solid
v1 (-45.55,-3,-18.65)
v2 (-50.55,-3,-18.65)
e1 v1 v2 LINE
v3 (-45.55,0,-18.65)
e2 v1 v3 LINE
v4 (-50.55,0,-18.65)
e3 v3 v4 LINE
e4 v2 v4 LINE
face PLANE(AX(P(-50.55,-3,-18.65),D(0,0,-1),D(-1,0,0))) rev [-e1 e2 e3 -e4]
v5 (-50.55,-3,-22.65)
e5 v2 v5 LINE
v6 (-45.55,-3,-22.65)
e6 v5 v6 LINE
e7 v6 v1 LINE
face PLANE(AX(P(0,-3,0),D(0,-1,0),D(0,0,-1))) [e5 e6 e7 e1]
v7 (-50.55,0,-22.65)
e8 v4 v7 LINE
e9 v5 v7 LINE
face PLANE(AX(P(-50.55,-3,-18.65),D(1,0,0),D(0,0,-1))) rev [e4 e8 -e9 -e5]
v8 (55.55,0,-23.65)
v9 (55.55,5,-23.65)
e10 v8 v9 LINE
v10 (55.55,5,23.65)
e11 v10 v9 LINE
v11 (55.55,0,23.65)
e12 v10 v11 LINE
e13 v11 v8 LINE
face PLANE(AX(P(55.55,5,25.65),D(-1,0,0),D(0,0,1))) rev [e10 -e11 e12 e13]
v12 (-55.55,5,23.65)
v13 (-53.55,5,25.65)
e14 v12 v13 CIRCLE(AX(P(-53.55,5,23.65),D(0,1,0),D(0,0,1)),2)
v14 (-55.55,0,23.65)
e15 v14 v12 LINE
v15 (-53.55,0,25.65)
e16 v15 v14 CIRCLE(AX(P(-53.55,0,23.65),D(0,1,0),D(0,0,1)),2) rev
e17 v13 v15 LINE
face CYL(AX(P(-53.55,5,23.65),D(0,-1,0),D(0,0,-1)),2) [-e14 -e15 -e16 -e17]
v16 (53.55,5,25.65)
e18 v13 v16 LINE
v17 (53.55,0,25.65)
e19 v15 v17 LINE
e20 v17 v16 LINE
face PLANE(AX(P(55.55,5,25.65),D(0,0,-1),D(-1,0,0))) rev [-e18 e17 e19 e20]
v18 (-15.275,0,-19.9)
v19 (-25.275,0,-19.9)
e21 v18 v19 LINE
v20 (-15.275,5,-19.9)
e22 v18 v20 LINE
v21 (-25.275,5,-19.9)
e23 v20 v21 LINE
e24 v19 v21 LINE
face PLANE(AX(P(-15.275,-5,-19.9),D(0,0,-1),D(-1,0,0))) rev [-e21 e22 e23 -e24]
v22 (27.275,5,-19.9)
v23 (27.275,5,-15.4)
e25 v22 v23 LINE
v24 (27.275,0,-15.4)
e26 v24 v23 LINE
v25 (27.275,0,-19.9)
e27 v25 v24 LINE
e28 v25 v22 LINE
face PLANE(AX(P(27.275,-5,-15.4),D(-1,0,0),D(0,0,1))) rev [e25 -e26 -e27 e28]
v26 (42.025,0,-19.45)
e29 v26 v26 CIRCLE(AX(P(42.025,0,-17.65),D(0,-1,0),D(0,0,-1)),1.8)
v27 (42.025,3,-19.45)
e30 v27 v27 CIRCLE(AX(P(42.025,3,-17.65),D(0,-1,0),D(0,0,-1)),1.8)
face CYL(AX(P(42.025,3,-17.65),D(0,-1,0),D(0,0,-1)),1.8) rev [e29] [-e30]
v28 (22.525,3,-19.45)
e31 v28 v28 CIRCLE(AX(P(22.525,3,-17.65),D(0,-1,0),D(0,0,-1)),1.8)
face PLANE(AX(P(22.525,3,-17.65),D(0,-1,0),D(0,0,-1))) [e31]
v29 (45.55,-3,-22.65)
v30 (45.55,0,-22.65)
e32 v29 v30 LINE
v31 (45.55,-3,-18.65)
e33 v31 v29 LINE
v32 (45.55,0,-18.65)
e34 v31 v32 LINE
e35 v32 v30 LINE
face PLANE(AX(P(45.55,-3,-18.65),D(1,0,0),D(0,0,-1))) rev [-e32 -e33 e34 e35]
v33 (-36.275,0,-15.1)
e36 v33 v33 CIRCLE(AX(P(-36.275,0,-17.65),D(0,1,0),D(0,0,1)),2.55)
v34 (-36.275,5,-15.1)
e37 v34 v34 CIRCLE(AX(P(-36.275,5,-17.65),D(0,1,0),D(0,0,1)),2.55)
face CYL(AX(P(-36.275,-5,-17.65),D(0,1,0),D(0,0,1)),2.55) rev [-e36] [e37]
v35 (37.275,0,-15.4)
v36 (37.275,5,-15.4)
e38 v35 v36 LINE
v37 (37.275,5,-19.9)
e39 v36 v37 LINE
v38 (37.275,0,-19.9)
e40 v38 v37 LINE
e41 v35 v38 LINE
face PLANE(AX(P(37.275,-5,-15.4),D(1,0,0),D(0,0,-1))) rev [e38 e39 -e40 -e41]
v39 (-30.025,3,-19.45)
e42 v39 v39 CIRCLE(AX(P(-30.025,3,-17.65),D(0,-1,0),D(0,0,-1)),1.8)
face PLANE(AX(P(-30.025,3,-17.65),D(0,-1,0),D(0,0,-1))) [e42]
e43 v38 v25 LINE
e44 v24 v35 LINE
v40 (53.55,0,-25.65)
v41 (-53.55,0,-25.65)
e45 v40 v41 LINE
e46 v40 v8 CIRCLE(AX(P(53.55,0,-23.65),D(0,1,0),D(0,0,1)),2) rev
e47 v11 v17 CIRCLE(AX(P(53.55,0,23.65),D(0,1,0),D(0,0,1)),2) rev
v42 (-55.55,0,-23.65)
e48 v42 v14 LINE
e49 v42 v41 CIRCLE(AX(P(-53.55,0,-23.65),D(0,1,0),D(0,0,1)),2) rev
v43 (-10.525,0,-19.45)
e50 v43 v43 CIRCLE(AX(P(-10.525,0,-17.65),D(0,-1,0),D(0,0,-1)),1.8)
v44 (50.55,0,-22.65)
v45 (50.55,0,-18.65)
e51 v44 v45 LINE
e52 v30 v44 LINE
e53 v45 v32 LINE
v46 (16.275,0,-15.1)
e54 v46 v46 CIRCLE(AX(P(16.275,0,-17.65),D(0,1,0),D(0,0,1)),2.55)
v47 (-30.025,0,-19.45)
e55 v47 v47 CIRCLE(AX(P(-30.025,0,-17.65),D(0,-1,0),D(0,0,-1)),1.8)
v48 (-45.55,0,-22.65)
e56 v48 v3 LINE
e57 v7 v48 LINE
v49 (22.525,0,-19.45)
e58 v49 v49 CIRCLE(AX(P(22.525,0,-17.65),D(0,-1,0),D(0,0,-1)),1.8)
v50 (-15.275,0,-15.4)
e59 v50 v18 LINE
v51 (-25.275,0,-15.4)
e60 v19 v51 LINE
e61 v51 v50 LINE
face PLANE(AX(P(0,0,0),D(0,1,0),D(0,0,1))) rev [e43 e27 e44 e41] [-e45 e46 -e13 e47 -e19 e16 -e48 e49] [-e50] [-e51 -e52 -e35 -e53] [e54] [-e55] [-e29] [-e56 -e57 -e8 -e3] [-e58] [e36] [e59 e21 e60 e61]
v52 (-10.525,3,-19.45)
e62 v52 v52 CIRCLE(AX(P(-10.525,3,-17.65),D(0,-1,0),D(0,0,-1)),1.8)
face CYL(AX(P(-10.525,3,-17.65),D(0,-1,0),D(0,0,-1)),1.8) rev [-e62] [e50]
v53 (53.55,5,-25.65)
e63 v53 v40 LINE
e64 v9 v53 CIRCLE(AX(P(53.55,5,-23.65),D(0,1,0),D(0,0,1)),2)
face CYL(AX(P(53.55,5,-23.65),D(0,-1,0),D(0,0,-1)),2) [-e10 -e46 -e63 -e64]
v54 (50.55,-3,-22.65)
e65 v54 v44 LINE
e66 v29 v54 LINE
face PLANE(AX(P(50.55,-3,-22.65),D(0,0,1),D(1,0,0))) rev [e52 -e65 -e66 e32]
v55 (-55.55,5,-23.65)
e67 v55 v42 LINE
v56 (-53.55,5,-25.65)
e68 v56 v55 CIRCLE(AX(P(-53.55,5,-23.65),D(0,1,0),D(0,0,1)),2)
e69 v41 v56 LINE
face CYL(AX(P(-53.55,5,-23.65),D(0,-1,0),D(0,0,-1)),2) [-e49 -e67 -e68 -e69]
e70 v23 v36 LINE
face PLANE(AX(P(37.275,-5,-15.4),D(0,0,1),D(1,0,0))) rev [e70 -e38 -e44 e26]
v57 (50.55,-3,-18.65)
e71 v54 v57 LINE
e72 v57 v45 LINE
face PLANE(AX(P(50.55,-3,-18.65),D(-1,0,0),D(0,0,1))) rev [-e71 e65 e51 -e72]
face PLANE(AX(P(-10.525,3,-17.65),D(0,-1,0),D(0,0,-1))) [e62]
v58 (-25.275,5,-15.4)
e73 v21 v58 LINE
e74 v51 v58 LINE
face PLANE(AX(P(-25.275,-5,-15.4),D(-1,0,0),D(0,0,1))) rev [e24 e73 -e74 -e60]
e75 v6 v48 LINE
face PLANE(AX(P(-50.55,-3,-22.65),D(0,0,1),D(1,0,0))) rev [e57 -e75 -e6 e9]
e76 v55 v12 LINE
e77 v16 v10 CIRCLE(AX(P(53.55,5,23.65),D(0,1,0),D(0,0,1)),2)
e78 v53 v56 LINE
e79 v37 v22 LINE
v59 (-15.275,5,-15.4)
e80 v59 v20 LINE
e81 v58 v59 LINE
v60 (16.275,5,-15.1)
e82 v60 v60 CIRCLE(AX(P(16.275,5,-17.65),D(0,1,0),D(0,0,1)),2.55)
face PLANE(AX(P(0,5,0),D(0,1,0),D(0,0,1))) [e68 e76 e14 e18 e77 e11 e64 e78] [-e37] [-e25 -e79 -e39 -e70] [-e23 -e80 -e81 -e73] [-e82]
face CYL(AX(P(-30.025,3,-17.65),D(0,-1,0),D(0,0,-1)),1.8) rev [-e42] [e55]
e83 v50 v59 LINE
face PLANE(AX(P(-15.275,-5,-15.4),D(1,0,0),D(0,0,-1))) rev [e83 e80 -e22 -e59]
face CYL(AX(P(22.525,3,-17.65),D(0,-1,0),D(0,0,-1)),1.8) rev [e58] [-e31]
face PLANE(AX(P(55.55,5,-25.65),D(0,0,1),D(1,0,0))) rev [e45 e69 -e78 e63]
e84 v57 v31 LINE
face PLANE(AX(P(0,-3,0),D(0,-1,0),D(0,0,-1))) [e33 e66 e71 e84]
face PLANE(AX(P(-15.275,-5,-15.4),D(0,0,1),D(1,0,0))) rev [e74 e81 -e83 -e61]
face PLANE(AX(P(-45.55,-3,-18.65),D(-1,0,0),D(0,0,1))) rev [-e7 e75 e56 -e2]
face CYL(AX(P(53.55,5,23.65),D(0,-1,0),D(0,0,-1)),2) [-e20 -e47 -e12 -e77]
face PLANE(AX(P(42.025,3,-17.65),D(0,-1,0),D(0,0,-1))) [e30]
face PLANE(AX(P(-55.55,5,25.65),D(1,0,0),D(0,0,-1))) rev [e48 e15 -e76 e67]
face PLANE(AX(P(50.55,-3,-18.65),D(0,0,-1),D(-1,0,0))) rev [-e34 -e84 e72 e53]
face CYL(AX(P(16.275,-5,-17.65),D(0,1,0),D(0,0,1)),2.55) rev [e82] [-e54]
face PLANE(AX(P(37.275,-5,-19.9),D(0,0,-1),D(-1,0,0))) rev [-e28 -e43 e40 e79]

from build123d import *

# Parameters (mm, degrees)
SKETCH1_W           = 111.1
SKETCH1_H           = 51.3
BOSS_EXTRUDE1_DEPTH = 5
SKETCH9_W           = 5
SKETCH9_H           = 4
BOSS_EXTRUDE5_DEPTH = 3
SKETCH10_R          = 2.55
SKETCH10_W          = 10
SKETCH10_H          = 4.5
CUT_EXTRUDE1_DEPTH  = 10
SKETCH11_R          = 1.8
CUT_EXTRUDE2_DEPTH  = 3
FILLET1_R           = 2


with BuildPart() as part:
    # Sketch1 → Boss-Extrude1 (new body)
    with BuildSketch(Plane(origin=(0, 0, 0), x_dir=(1, 0, 0), z_dir=(0, 1, 0))):
        Rectangle(SKETCH1_W, SKETCH1_H)
    extrude(amount=BOSS_EXTRUDE1_DEPTH)

    # Sketch9 → Boss-Extrude5 (add)
    with BuildSketch(Plane.XZ):
        with Locations((-48.05, -20.65)):
            Rectangle(SKETCH9_W, SKETCH9_H)
        with Locations((48.05, -20.65)):
            Rectangle(SKETCH9_W, SKETCH9_H)
    extrude(amount=BOSS_EXTRUDE5_DEPTH)

    # Sketch10 → Cut-Extrude1 (cut)
    with BuildSketch(Plane(origin=(0, 5, 0), x_dir=(1, 0, 0), z_dir=(0, 1, 0))):
        with Locations(Location((-36.275, 17.65, 0), (0, 0, 270))):
            Circle(SKETCH10_R)
        with Locations(Location((16.275, 17.65, 0), (0, 0, 270))):
            Circle(SKETCH10_R)
        with Locations((-20.275, 17.65)):
            Rectangle(SKETCH10_W, SKETCH10_H)
        with Locations((32.275, 17.65)):
            Rectangle(SKETCH10_W, SKETCH10_H)
    extrude(amount=-CUT_EXTRUDE1_DEPTH, mode=Mode.SUBTRACT)

    # Sketch11 → Cut-Extrude2 (cut)
    with BuildSketch(Plane.XZ):
        with Locations(Location((-30.025, -17.65, 0), (0, 0, 270))):
            Circle(SKETCH11_R)
        with Locations(Location((-10.525, -17.65, 0), (0, 0, 270))):
            Circle(SKETCH11_R)
        with Locations(Location((22.525, -17.65, 0), (0, 0, 270))):
            Circle(SKETCH11_R)
        with Locations(Location((42.025, -17.65, 0), (0, 0, 270))):
            Circle(SKETCH11_R)
    extrude(amount=-CUT_EXTRUDE2_DEPTH, mode=Mode.SUBTRACT)

    # Fillet1
    fillet1_edges = [part.edges().sort_by_distance(p)[0] for p in [
        (-55.55, 2.5, -25.65),
        (55.55, 2.5, -25.65),
        (55.55, 2.5, 25.65),
        (-55.55, 2.5, 25.65),
    ]]
    fillet(fillet1_edges, radius=FILLET1_R)


solid = part.part
